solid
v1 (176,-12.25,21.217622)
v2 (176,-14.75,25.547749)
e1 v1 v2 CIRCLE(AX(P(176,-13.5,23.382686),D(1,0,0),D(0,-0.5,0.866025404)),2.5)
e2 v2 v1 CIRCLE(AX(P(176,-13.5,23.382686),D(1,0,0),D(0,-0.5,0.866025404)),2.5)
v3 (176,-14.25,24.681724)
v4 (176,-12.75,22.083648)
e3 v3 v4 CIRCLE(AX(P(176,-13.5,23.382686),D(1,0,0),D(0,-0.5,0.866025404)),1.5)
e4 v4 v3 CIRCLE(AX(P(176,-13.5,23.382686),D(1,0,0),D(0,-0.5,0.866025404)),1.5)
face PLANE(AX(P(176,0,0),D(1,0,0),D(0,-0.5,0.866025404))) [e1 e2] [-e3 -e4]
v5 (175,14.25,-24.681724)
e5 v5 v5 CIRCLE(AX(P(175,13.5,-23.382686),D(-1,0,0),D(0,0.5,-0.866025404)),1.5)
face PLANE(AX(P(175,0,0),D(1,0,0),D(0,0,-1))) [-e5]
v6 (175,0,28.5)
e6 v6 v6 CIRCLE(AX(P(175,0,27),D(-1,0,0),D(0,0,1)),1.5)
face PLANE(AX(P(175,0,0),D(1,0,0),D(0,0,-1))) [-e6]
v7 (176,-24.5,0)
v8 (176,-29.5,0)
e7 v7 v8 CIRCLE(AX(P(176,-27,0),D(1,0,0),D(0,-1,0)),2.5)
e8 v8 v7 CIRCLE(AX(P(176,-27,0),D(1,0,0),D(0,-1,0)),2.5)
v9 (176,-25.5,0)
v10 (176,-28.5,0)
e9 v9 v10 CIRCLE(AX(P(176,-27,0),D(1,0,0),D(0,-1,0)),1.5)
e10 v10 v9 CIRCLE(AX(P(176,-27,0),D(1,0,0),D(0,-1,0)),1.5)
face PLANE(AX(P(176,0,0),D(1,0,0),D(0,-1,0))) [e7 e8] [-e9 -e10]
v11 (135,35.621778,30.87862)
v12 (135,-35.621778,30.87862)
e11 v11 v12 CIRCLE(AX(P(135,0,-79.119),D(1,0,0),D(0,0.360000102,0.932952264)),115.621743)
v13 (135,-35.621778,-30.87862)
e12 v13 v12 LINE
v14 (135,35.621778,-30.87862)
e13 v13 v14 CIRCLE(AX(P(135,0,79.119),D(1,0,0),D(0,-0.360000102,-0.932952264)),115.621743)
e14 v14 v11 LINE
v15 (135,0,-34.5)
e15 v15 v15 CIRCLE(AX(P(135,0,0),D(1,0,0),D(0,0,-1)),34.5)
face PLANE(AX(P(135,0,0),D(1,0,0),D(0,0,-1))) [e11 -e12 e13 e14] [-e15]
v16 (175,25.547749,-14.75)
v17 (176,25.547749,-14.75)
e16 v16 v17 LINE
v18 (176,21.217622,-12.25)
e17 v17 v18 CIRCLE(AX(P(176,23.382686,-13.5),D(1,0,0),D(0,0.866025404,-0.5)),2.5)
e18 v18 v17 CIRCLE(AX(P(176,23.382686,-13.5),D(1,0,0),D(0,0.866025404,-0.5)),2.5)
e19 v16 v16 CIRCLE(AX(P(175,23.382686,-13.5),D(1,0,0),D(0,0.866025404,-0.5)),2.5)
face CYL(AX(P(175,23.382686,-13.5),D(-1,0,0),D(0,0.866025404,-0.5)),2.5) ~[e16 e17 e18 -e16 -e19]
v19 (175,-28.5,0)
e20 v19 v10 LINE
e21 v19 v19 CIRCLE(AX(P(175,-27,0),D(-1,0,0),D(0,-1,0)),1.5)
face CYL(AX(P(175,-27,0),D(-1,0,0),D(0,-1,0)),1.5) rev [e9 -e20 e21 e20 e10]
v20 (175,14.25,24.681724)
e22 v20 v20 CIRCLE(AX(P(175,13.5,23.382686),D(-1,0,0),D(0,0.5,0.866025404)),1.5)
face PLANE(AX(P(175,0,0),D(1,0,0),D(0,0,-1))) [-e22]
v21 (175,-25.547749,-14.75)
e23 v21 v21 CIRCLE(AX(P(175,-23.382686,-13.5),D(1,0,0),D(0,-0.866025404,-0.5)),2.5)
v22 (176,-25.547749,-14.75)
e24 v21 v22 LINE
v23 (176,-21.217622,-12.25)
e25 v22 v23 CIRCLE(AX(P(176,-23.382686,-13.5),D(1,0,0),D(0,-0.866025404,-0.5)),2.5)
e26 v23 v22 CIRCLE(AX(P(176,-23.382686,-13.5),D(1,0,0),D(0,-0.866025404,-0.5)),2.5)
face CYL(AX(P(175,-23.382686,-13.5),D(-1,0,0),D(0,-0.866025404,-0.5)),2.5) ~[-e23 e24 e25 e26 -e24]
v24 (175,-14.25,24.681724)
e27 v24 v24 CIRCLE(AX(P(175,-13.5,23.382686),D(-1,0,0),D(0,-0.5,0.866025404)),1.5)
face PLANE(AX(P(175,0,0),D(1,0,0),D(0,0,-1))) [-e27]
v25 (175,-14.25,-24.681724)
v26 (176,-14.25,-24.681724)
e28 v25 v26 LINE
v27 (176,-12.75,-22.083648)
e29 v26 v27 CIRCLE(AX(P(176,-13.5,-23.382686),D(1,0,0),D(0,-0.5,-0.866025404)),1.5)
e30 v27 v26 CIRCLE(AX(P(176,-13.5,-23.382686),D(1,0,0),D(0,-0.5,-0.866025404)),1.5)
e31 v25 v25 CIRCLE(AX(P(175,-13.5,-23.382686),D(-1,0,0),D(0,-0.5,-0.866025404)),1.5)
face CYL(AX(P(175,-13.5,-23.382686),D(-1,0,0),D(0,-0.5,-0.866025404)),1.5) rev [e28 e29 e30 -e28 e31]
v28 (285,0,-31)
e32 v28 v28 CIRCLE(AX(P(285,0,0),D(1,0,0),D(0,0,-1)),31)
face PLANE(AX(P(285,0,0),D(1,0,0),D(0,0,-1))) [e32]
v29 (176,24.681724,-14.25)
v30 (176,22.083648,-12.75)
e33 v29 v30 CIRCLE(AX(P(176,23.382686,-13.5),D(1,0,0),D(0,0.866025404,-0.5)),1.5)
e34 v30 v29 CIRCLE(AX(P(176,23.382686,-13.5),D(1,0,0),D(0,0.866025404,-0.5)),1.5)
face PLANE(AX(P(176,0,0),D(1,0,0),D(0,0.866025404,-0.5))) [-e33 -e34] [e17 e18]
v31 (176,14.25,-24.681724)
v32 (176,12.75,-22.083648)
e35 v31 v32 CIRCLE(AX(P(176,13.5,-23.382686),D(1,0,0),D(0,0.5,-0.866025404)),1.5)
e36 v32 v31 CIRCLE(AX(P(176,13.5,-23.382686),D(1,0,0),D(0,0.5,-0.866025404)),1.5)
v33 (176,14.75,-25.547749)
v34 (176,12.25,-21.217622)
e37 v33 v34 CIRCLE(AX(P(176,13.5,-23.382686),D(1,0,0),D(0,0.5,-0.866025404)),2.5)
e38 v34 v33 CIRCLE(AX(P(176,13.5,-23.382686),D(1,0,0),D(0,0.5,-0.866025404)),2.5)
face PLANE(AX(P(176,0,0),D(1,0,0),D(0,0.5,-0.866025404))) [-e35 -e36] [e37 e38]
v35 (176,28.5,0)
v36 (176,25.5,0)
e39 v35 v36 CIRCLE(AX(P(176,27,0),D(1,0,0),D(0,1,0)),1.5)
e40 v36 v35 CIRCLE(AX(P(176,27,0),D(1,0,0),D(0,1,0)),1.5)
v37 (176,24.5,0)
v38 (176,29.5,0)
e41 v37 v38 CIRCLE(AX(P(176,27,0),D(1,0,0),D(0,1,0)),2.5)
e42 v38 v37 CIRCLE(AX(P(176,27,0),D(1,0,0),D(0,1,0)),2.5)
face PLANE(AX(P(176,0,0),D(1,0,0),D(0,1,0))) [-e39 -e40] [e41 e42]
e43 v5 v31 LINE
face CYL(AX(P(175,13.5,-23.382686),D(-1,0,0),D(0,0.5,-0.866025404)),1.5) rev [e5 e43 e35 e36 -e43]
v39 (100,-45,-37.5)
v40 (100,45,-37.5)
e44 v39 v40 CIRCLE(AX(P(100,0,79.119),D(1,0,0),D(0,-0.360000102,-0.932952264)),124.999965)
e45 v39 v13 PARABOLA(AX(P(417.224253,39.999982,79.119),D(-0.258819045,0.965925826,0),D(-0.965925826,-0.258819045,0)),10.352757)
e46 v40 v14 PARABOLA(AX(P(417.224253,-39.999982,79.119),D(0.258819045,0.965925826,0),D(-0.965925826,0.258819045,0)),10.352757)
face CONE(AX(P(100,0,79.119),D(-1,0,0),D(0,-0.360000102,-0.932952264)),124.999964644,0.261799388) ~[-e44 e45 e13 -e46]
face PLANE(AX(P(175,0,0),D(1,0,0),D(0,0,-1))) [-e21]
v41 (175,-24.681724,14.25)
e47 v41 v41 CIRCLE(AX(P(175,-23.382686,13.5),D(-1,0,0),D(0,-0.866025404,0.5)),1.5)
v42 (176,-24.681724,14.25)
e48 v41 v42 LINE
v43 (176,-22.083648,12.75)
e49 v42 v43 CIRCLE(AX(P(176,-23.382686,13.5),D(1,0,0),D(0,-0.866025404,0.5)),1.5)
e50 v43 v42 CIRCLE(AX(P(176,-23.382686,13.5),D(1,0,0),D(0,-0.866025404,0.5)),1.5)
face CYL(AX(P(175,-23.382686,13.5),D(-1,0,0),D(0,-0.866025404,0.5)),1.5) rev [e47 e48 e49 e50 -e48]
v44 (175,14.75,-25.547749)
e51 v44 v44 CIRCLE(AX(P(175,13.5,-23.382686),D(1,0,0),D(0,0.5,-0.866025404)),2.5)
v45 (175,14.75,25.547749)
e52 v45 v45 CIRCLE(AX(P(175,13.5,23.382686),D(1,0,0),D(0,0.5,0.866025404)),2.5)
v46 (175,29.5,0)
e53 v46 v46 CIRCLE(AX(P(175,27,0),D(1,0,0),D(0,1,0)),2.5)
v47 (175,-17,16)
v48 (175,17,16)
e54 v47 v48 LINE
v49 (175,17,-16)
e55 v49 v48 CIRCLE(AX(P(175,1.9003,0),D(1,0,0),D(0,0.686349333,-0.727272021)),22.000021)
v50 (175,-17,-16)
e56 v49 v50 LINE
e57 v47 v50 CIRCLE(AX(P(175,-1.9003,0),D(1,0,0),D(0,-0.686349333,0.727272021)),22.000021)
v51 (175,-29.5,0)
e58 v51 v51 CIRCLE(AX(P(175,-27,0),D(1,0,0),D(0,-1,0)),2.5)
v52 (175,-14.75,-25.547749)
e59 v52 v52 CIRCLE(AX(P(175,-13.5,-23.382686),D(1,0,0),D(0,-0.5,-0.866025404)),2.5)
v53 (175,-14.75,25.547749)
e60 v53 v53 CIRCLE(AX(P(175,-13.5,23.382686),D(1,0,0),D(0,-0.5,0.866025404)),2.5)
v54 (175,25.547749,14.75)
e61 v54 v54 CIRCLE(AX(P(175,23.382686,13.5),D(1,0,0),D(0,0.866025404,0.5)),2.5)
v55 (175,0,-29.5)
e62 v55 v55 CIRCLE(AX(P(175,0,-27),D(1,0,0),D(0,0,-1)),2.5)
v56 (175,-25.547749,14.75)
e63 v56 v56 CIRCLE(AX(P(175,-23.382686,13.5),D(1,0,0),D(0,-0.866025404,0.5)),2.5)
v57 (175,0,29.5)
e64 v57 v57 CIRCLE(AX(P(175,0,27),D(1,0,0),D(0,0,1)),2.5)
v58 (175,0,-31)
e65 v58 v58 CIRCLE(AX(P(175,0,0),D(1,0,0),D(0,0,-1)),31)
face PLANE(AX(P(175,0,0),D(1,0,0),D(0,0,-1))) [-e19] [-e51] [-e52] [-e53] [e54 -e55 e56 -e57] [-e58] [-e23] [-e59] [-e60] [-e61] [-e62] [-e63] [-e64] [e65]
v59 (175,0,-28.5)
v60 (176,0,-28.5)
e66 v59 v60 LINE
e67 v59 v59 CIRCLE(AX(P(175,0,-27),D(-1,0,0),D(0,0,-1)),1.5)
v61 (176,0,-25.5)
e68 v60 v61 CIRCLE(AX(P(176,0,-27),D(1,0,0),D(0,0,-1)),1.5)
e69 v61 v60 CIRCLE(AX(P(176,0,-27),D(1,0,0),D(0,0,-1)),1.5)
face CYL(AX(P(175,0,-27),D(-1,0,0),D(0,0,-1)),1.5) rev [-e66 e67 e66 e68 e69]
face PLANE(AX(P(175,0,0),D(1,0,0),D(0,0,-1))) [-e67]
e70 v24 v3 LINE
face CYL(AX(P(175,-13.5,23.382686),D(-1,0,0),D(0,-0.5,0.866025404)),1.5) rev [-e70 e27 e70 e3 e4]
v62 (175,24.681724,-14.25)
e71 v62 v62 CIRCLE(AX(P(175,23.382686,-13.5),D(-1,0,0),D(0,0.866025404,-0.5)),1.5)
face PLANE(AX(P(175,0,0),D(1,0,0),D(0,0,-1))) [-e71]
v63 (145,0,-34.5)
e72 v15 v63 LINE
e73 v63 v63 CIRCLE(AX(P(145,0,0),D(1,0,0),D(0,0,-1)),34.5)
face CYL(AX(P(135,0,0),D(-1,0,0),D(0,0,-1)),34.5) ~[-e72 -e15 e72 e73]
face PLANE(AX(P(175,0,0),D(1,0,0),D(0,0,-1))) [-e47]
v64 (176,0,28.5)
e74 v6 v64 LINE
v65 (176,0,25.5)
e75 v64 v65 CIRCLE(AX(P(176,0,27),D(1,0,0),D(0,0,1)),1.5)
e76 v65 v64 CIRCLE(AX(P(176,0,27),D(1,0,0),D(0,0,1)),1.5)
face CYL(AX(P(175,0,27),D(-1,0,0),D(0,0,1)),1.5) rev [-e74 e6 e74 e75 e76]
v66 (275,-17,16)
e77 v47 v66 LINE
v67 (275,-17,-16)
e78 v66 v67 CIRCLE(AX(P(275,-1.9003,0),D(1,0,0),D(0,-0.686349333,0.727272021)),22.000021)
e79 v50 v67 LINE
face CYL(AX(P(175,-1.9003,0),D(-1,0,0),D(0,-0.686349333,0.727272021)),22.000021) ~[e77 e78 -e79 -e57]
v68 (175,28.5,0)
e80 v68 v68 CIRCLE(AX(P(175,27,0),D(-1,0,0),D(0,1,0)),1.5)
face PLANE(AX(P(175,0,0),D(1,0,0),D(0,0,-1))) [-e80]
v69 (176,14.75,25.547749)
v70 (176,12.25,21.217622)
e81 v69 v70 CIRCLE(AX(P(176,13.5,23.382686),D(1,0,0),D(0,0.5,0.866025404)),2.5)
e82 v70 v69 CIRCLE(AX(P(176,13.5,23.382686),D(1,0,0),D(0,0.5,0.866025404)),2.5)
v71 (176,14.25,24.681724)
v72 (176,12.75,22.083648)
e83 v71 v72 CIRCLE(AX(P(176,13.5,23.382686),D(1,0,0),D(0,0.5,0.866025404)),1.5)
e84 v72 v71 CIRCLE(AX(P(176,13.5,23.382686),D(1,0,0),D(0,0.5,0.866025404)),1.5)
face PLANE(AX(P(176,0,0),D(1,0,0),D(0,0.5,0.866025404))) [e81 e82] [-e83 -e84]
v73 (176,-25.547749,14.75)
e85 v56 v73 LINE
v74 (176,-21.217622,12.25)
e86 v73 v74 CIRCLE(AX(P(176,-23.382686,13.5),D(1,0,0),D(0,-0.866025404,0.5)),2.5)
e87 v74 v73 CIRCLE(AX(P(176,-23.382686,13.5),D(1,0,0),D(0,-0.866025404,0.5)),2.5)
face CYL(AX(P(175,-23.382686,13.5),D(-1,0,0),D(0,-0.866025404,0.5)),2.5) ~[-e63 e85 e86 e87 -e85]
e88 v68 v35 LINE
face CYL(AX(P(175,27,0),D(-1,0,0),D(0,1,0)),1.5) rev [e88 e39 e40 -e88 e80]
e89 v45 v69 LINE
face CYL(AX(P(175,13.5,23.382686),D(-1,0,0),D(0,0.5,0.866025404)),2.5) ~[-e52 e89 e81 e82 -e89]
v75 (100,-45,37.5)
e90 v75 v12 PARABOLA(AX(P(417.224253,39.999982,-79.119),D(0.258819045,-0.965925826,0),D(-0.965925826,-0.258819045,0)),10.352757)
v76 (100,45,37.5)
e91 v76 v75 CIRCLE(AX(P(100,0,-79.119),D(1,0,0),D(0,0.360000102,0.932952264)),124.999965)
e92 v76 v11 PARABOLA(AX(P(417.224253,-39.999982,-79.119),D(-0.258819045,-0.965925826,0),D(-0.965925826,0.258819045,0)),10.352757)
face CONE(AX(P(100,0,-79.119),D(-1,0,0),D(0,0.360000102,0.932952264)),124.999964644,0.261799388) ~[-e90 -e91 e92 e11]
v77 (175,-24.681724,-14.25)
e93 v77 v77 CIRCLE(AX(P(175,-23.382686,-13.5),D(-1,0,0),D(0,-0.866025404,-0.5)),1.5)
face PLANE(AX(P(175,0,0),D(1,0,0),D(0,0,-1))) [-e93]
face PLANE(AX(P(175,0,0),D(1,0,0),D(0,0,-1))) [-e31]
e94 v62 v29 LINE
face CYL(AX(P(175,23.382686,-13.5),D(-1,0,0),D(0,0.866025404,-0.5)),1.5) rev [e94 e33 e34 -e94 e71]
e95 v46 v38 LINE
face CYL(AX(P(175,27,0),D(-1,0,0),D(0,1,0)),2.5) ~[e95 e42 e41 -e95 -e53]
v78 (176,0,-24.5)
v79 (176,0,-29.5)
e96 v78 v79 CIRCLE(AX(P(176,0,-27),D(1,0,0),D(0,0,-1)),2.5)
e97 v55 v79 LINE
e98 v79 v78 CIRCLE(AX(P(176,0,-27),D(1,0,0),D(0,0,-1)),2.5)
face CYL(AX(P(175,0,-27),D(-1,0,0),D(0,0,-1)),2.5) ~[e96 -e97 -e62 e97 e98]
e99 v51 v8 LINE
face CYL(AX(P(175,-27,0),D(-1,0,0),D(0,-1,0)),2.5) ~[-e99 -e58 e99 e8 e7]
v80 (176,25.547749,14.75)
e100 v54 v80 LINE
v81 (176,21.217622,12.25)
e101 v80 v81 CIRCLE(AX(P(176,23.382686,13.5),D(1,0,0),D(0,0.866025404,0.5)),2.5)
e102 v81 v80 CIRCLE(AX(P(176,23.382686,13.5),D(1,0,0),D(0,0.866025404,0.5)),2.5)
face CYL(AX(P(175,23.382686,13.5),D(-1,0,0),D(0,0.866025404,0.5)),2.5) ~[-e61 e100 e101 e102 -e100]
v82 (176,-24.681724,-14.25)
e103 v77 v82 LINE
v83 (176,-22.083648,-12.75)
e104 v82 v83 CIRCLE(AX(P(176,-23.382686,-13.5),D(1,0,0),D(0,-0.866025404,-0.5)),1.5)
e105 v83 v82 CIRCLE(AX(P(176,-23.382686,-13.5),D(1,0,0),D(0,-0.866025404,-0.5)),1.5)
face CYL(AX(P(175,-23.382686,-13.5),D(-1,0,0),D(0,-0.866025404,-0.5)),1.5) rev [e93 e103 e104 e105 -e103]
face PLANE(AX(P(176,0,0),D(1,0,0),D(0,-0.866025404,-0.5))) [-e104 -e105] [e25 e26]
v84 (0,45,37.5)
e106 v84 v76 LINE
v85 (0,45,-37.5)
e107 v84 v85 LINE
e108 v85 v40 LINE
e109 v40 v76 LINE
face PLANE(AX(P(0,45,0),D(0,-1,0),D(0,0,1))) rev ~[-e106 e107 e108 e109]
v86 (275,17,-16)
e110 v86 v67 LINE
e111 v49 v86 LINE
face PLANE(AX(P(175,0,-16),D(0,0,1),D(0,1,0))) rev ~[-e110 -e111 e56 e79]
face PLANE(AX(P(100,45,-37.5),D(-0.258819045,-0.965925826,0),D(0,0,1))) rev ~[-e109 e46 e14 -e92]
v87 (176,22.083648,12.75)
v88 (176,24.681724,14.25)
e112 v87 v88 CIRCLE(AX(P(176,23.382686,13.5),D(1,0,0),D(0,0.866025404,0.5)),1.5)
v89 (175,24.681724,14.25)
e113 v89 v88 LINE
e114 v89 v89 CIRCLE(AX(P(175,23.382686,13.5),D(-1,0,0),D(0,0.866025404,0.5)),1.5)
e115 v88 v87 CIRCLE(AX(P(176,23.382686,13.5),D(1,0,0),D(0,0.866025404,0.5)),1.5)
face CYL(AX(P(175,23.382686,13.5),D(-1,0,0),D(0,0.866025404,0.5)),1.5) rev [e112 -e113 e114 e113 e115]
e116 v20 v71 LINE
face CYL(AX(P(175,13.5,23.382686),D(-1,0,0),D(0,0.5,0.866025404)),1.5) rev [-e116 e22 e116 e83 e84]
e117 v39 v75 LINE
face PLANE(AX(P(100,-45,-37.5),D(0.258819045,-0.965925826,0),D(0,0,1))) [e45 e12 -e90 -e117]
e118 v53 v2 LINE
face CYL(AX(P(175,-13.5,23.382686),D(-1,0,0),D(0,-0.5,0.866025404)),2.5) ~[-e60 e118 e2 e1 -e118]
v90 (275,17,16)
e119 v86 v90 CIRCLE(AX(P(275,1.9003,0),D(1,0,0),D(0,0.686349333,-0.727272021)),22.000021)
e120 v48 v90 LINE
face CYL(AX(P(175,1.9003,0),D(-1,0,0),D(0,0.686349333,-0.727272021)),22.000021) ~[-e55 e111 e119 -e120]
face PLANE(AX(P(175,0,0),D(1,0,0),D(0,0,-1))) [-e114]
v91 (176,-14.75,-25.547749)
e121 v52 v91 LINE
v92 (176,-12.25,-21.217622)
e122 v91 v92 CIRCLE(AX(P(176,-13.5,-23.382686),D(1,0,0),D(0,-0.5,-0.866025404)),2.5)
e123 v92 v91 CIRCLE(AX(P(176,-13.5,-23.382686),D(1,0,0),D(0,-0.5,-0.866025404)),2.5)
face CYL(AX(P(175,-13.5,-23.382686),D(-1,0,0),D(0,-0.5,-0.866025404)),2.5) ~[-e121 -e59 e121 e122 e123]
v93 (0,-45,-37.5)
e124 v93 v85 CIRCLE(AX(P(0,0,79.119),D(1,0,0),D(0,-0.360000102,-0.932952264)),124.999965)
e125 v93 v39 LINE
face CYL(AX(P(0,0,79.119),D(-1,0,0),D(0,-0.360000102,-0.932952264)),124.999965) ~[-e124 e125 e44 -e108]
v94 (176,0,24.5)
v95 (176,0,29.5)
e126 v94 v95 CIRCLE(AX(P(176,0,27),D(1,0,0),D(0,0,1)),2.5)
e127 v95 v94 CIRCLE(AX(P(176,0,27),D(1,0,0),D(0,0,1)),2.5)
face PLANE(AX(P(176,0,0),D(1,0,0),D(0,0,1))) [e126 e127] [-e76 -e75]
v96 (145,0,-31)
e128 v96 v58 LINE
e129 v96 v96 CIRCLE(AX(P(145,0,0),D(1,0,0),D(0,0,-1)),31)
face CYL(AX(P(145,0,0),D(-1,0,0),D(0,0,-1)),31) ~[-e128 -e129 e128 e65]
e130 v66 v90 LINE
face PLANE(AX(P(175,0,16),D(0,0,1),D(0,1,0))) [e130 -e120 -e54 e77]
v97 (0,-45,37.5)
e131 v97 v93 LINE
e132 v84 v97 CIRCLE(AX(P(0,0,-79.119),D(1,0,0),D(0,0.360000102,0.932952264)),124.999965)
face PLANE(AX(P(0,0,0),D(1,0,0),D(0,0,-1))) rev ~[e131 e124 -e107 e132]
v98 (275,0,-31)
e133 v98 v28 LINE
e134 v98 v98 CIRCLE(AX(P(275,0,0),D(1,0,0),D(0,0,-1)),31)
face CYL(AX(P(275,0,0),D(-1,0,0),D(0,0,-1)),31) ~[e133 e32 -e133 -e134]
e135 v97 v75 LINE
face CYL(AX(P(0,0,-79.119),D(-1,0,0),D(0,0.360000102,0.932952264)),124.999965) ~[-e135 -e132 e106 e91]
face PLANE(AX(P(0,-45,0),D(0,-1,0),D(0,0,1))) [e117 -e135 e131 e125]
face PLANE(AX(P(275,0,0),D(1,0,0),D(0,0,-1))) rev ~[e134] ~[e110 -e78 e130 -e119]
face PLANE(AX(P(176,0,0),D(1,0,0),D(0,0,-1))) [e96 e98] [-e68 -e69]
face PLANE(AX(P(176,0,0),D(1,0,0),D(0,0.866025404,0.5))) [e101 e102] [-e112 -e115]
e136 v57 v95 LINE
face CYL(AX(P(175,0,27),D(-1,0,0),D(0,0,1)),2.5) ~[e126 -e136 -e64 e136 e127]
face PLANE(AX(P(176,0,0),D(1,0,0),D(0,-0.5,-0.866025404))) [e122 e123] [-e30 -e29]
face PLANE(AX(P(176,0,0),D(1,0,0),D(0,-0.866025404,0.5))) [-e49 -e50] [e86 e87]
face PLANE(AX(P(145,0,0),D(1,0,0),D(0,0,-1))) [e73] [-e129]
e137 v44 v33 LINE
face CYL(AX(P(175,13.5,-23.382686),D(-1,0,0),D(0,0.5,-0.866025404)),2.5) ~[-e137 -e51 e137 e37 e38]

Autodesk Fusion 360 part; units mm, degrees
sketch "Sketch1" plane through (0, 0, 0) normal (1, 0, 0) x (0, 0, -1)
  line L0 (0, 0) -> (0, 45)
  line L1 (0, 0) -> (0, -45)
  line L2 (0, 45) -> (37.5, 45)
  line L3 (0, 45) -> (-37.5, 45)
  line L4 (0, -45) -> (37.5, -45)
  line L5 (0, -45) -> (-37.5, -45)
  arc A0 (-37.5, 45) -> (-37.5, -45) centre (79.119, 0) ccw
  arc A1 (37.5, -45) -> (37.5, 45) centre (-79.119, 0) ccw
  dimension "d1" = 45
  dimension "d2" = 45
  dimension "d3" = 37.5
  dimension "d4" = 37.5
  dimension "d5" = 37.5
  dimension "d6" = 37.5
  dimension "d8" = 125
extrude "Extrude1" add sketch "Sketch1" along normal blind 100
extrude "Extrude2" add 1 faces at (100, -15.2642, -14.2806) along direction (1, 0, 0) blind 35 draft -15
sketch "Sketch2" plane through (135, 0, 0) normal (1, 0, 0) x (0, 0, -1)
  line L0 (-30.8786, -35.6218) -> (30.8786, -35.6218)
  arc A0 (30.8786, -35.6218) -> (30.8786, 35.6218) centre (-79.119, 0) ccw
  line L1 (30.8786, 35.6218) -> (-30.8786, 35.6218)
  arc A1 (-30.8786, 35.6218) -> (-30.8786, -35.6218) centre (79.119, 0) ccw
  circle A2 centre (0, 0) radius 34.5
  dimension "d13" = 69
extrude "Extrude3" add sketch "Sketch2" along normal blind 10 contours A2
sketch "Sketch3" plane through (145, 0, 0) normal (1, 0, 0) x (0, 0, -1)
  circle A0 centre (0, 0) radius 34.5
  circle A1 centre (0, 0) radius 31
  dimension "d16" = 62
extrude "Extrude4" add sketch "Sketch3" along normal blind 30 contours A1
sketch "Sketch4" plane through (175, 0, 0) normal (1, 0, 0) x (0, 0, -1)
  circle A0 centre (0, 0) radius 31
  line L0 (0, 0) -> (27, 0)
  circle A1 centre (27, 0) radius 2.5
  circle A2 centre (27, 0) radius 1.5
  dimension "d19" = 27
  dimension "d20" = 5
  dimension "d21" = -1
extrude "Extrude5" add sketch "Sketch4" along normal blind 1 contours A1
pattern_circular "C-Pattern1" count 12 over 360 about axis through (175, 0, 0) along (1, 0, 0) of "Extrude5"
sketch "Sketch5" plane through (175, 0, 0) normal (1, 0, 0) x (0, 0, -1)
  circle A0 centre (27, 0) radius 2.5
  circle A1 centre (0, 0) radius 31
  circle A2 centre (23.3827, 13.5) radius 2.5
  circle A3 centre (13.5, 23.3827) radius 2.5
  circle A4 centre (0, 27) radius 2.5
  circle A5 centre (-13.5, 23.3827) radius 2.5
  circle A6 centre (-23.3827, 13.5) radius 2.5
  circle A7 centre (-27, 0) radius 2.5
  circle A8 centre (-23.3827, -13.5) radius 2.5
  circle A9 centre (-13.5, -23.3827) radius 2.5
  circle A10 centre (0, -27) radius 2.5
  circle A11 centre (13.5, -23.3827) radius 2.5
  circle A12 centre (23.3827, -13.5) radius 2.5
  line L0 (0, 0) -> (16, 0)
  line L1 (16, 0) -> (16, 17)
  line L2 (16, 0) -> (16, -17)
  line L3 (0, 0) -> (0, -8.0593)
  line L4 (-16, 0) -> (-16, 17)
  line L5 (-16, 0) -> (-16, -17)
  arc A13 (16, 17) -> (-16, 17) centre (0, 1.9003) ccw
  arc A14 (-16, -17) -> (16, -17) centre (0, -1.9003) ccw
  dimension "d26" = 16
  dimension "d27" = 17
  dimension "d28" = 17
  dimension "d29" = 22
extrude "Extrude6" add sketch "Sketch5" along normal blind 100 contours L1 L2 L4 L5 A13 A14
sketch "Sketch6" plane through (275, 0, 0) normal (1, 0, 0) x (0, 0, -1)
  line L0 (-16, 17) -> (-16, -17)
  arc A0 (-16, -17) -> (16, -17) centre (0, -1.9003) ccw
  line L1 (16, -17) -> (16, 17)
  arc A1 (16, 17) -> (-16, 17) centre (0, 1.9003) ccw
  circle A2 centre (0, 0) radius 31
  dimension "d32" = 62
extrude "Extrude7" add sketch "Sketch6" along normal blind 10 contours L0 A0 L1 A1 | A2
